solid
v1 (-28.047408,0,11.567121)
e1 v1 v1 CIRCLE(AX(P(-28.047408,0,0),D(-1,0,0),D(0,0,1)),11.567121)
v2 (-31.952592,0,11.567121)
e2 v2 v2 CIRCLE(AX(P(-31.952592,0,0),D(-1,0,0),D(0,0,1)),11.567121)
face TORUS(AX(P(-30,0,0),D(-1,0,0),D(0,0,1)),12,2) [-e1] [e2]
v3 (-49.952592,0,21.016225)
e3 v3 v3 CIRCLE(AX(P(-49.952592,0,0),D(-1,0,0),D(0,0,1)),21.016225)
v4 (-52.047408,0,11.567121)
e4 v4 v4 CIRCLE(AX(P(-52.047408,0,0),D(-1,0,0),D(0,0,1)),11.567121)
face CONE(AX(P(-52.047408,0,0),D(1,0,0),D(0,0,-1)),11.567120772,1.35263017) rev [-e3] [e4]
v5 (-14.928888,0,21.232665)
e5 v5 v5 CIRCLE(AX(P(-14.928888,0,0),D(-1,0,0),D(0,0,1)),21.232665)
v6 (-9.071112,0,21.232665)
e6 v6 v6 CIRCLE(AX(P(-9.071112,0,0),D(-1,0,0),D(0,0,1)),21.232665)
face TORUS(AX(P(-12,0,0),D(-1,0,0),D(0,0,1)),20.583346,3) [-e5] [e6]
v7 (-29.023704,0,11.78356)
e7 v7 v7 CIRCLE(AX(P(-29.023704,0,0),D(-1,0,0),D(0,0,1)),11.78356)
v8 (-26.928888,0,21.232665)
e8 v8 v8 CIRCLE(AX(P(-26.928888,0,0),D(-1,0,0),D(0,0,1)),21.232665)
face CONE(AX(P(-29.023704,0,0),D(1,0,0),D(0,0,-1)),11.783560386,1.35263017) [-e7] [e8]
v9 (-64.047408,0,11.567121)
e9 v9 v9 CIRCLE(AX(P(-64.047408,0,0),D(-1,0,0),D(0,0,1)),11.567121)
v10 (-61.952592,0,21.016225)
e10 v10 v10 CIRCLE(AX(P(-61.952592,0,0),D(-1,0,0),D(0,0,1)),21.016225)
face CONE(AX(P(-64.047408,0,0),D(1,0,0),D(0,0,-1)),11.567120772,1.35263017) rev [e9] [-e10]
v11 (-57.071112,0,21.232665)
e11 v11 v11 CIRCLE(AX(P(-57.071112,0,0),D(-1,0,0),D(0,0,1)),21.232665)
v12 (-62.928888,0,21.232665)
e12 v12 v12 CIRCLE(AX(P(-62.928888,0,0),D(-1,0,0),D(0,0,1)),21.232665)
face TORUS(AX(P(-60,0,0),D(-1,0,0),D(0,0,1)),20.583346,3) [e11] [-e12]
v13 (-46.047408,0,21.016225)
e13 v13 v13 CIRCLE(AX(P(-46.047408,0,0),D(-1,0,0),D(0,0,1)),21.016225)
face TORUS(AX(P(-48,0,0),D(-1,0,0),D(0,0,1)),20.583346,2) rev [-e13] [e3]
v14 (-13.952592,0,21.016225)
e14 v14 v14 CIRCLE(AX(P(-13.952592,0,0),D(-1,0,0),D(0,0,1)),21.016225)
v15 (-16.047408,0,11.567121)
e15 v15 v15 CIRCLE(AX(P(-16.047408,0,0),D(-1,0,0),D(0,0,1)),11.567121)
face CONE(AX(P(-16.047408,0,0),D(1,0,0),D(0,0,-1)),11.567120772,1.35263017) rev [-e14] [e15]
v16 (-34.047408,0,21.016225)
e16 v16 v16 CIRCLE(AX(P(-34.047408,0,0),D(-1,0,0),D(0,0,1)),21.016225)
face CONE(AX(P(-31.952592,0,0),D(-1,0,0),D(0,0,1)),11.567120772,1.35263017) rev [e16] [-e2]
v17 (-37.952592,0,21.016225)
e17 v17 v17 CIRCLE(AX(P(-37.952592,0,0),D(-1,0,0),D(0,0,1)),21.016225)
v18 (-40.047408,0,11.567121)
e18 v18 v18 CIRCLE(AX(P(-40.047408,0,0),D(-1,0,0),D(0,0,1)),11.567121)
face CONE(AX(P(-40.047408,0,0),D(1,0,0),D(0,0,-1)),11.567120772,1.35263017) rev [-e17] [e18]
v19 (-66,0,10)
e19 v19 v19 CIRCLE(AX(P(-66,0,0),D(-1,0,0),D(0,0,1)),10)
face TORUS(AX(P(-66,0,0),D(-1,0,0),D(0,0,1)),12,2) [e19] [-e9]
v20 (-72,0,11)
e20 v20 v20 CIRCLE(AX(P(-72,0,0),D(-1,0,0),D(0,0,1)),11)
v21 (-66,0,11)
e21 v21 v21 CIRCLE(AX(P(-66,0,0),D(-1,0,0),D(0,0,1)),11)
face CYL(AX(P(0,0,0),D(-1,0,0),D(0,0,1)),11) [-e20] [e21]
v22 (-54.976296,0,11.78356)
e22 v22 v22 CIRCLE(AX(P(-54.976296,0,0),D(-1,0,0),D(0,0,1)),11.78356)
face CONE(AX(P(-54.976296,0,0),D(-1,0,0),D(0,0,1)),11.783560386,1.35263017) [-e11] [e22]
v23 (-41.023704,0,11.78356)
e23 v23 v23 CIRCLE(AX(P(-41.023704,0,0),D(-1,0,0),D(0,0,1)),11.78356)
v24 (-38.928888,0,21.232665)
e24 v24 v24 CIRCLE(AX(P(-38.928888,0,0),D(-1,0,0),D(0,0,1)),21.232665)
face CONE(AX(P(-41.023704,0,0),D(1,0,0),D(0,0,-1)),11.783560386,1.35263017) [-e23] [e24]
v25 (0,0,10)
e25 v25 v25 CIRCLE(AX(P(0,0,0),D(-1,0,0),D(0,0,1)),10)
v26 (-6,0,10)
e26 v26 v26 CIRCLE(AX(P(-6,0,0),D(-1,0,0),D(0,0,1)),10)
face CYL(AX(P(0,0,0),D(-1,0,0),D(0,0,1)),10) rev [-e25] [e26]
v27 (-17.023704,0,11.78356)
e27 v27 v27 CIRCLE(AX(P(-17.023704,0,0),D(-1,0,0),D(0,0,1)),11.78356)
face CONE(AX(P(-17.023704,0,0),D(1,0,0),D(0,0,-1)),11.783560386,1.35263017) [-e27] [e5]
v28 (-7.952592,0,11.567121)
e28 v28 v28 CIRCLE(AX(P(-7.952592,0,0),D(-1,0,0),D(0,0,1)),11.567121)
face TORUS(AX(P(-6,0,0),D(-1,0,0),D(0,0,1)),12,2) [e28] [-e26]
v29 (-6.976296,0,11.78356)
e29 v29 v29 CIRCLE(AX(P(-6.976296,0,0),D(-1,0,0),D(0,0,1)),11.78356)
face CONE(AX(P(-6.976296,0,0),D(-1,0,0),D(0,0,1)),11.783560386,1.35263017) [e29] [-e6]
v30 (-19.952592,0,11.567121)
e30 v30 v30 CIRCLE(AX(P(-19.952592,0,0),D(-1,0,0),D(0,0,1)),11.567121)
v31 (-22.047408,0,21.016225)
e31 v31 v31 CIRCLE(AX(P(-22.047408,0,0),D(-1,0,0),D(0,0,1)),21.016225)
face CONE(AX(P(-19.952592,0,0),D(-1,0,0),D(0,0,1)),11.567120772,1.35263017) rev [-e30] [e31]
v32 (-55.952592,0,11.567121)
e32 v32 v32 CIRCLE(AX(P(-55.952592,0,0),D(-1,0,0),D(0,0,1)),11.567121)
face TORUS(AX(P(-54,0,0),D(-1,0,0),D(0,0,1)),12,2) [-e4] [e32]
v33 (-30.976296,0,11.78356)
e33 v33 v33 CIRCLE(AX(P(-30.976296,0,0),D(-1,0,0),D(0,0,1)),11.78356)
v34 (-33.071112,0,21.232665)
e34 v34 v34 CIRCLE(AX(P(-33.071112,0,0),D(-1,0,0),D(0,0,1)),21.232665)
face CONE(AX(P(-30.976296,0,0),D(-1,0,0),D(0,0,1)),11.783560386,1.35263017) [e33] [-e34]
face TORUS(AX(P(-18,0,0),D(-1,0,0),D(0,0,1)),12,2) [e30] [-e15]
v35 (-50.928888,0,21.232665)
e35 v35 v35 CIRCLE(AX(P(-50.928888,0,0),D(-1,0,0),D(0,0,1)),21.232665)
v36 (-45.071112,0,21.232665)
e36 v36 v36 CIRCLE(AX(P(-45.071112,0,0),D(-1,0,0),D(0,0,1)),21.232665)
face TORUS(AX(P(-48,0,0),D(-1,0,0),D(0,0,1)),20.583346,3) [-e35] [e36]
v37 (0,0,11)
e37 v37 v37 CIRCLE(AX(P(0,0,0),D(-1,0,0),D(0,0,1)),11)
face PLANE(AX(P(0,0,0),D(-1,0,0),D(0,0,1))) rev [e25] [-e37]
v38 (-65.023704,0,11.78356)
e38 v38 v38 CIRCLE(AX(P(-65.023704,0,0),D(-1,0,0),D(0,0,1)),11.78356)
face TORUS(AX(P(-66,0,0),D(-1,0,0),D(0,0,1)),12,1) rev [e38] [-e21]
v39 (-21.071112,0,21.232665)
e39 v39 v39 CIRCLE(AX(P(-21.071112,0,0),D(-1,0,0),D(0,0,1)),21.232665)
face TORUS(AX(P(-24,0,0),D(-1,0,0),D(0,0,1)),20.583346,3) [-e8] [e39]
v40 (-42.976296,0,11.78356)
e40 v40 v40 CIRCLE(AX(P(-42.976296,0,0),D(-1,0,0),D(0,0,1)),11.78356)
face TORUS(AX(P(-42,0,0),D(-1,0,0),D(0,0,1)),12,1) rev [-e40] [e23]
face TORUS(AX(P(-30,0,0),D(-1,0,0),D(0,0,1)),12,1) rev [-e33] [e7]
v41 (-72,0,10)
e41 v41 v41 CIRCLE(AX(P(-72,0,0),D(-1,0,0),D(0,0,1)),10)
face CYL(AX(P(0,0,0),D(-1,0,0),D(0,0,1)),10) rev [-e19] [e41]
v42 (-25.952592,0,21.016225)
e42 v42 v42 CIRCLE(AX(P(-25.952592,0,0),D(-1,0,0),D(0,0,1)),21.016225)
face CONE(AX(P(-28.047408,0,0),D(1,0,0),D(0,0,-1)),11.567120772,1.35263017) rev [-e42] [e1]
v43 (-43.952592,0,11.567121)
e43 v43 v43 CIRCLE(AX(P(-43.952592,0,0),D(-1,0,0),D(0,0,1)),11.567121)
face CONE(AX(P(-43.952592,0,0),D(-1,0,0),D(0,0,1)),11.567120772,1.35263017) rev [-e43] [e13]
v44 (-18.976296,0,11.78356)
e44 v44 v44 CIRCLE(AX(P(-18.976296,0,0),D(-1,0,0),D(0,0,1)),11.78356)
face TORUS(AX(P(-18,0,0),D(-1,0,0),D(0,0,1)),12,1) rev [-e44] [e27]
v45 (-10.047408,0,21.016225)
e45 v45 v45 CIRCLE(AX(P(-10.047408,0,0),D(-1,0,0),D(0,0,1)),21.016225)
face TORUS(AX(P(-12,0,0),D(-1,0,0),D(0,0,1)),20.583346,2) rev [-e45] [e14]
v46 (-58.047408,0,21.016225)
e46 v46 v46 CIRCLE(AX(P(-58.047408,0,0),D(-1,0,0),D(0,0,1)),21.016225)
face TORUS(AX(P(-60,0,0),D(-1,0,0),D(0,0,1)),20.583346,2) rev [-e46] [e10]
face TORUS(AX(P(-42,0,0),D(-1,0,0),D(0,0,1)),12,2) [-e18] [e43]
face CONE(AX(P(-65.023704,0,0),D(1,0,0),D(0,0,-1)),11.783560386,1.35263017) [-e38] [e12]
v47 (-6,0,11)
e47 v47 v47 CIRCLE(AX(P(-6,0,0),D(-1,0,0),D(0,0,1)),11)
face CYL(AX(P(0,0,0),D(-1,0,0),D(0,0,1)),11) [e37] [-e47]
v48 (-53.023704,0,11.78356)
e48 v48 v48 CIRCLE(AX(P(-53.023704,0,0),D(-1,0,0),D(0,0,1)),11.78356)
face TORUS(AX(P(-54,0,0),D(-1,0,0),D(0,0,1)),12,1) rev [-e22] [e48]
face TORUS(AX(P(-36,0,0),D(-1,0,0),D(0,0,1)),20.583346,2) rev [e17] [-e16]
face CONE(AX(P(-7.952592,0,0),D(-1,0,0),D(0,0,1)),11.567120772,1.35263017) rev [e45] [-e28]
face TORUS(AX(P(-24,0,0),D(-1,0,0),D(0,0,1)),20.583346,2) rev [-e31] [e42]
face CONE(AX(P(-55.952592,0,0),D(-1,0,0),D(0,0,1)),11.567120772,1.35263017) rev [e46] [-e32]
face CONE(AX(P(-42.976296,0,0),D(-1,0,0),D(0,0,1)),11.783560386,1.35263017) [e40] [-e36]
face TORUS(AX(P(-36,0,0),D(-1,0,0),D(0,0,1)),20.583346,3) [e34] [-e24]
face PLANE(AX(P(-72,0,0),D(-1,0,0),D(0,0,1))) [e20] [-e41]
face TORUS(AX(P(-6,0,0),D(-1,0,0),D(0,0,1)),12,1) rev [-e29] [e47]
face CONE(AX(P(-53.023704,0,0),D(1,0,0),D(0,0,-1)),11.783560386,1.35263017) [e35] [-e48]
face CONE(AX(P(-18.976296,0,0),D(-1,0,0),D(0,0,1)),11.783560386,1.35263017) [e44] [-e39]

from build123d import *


with BuildPart() as part:
    # Sketch2 → Revolve1 (revolve)
    with BuildSketch(Plane(origin=(0, 0, 0), x_dir=(1, 0, 0), z_dir=(0, 1, 0)), mode=Mode.PRIVATE) as revolve1_sk:
        with BuildLine():
            ThreePointArc((-54, 11), (-53.374076528, 11.220115517), (-53.023703993, 11.783560386))
            Line((-53.023703993, 11.783560386), (-50.928888021, 21.232664602))
            ThreePointArc((-50.928888021, 21.232664602), (-48, 23.583345761), (-45.071111979, 21.232664602))
            Line((-45.071111979, 21.232664602), (-42.976296007, 11.783560386))
            ThreePointArc((-42.976296007, 11.783560386), (-42.625923472, 11.220115517), (-42, 11))
            Line((-42, 11), (-42, 10))
            ThreePointArc((-42, 10), (-43.251846944, 10.440231034), (-43.952592014, 11.567120772))
            Line((-43.952592014, 11.567120772), (-46.047407986, 21.016224988))
            ThreePointArc((-46.047407986, 21.016224988), (-48, 22.583345761), (-49.952592014, 21.016224988))
            Line((-49.952592014, 21.016224988), (-52.047407986, 11.567120772))
            ThreePointArc((-52.047407986, 11.567120772), (-52.748153056, 10.440231034), (-54, 10))
            Line((-54, 10), (-54, 11))
        make_face()
        with BuildLine():
            ThreePointArc((-66, 11), (-65.374076528, 11.220115517), (-65.023703993, 11.783560386))
            Line((-65.023703993, 11.783560386), (-62.928888021, 21.232664602))
            ThreePointArc((-62.928888021, 21.232664602), (-60, 23.583345761), (-57.071111979, 21.232664602))
            Line((-57.071111979, 21.232664602), (-54.976296007, 11.783560386))
            ThreePointArc((-54.976296007, 11.783560386), (-54.625923472, 11.220115517), (-54, 11))
            Line((-54, 11), (-54, 10))
            ThreePointArc((-54, 10), (-55.251846944, 10.440231034), (-55.952592014, 11.567120772))
            Line((-55.952592014, 11.567120772), (-58.047407986, 21.016224988))
            ThreePointArc((-58.047407986, 21.016224988), (-60, 22.583345761), (-61.952592014, 21.016224988))
            Line((-61.952592014, 21.016224988), (-64.047407986, 11.567120772))
            ThreePointArc((-64.047407986, 11.567120772), (-64.748153056, 10.440231034), (-66, 10))
            Line((-66, 10), (-72, 10))
            Line((-72, 10), (-72, 11))
            Line((-72, 11), (-66, 11))
        make_face()
        with BuildLine():
            ThreePointArc((-30, 11), (-29.374076528, 11.220115517), (-29.023703993, 11.783560386))
            Line((-29.023703993, 11.783560386), (-26.928888021, 21.232664602))
            ThreePointArc((-26.928888021, 21.232664602), (-24, 23.583345761), (-21.071111979, 21.232664602))
            Line((-21.071111979, 21.232664602), (-18.976296007, 11.783560386))
            ThreePointArc((-18.976296007, 11.783560386), (-18.625923472, 11.220115517), (-18, 11))
            Line((-18, 11), (-18, 10))
            ThreePointArc((-18, 10), (-19.251846944, 10.440231034), (-19.952592014, 11.567120772))
            Line((-19.952592014, 11.567120772), (-22.047407986, 21.016224988))
            ThreePointArc((-22.047407986, 21.016224988), (-24, 22.583345761), (-25.952592014, 21.016224988))
            Line((-25.952592014, 21.016224988), (-28.047407986, 11.567120772))
            ThreePointArc((-28.047407986, 11.567120772), (-28.748153056, 10.440231034), (-30, 10))
            Line((-30, 10), (-30, 11))
        make_face()
        with BuildLine():
            ThreePointArc((-42, 11), (-41.374076528, 11.220115517), (-41.023703993, 11.783560386))
            Line((-41.023703993, 11.783560386), (-38.928888021, 21.232664602))
            ThreePointArc((-38.928888021, 21.232664602), (-36, 23.583345761), (-33.071111979, 21.232664602))
            Line((-33.071111979, 21.232664602), (-30.976296007, 11.783560386))
            ThreePointArc((-30.976296007, 11.783560386), (-30.625923472, 11.220115517), (-30, 11))
            Line((-30, 11), (-30, 10))
            ThreePointArc((-30, 10), (-31.251846944, 10.440231034), (-31.952592014, 11.567120772))
            Line((-31.952592014, 11.567120772), (-34.047407986, 21.016224988))
            ThreePointArc((-34.047407986, 21.016224988), (-36, 22.583345761), (-37.952592014, 21.016224988))
            Line((-37.952592014, 21.016224988), (-40.047407986, 11.567120772))
            ThreePointArc((-40.047407986, 11.567120772), (-40.748153056, 10.440231034), (-42, 10))
            Line((-42, 10), (-42, 11))
        make_face()
        with BuildLine():
            ThreePointArc((-18, 11), (-17.374076528, 11.220115517), (-17.023703993, 11.783560386))
            Line((-17.023703993, 11.783560386), (-14.928888021, 21.232664602))
            ThreePointArc((-14.928888021, 21.232664602), (-12, 23.583345761), (-9.071111979, 21.232664602))
            Line((-9.071111979, 21.232664602), (-6.976296007, 11.783560386))
            ThreePointArc((-6.976296007, 11.783560386), (-6.625923472, 11.220115517), (-6, 11))
            Line((-6, 11), (0, 11))
            Line((0, 11), (0, 10))
            Line((0, 10), (-6, 10))
            ThreePointArc((-6, 10), (-7.251846944, 10.440231034), (-7.952592014, 11.567120772))
            Line((-7.952592014, 11.567120772), (-10.047407986, 21.016224988))
            ThreePointArc((-10.047407986, 21.016224988), (-12, 22.583345761), (-13.952592014, 21.016224988))
            Line((-13.952592014, 21.016224988), (-16.047407986, 11.567120772))
            ThreePointArc((-16.047407986, 11.567120772), (-16.748153056, 10.440231034), (-18, 10))
            Line((-18, 10), (-18, 11))
        make_face()
    revolve(revolve1_sk.sketch.rotate(Axis((0, 0, 0), (1, 0, 0)), 180), axis=Axis((0, 0, 0), (1, 0, 0)))


solid = part.part
